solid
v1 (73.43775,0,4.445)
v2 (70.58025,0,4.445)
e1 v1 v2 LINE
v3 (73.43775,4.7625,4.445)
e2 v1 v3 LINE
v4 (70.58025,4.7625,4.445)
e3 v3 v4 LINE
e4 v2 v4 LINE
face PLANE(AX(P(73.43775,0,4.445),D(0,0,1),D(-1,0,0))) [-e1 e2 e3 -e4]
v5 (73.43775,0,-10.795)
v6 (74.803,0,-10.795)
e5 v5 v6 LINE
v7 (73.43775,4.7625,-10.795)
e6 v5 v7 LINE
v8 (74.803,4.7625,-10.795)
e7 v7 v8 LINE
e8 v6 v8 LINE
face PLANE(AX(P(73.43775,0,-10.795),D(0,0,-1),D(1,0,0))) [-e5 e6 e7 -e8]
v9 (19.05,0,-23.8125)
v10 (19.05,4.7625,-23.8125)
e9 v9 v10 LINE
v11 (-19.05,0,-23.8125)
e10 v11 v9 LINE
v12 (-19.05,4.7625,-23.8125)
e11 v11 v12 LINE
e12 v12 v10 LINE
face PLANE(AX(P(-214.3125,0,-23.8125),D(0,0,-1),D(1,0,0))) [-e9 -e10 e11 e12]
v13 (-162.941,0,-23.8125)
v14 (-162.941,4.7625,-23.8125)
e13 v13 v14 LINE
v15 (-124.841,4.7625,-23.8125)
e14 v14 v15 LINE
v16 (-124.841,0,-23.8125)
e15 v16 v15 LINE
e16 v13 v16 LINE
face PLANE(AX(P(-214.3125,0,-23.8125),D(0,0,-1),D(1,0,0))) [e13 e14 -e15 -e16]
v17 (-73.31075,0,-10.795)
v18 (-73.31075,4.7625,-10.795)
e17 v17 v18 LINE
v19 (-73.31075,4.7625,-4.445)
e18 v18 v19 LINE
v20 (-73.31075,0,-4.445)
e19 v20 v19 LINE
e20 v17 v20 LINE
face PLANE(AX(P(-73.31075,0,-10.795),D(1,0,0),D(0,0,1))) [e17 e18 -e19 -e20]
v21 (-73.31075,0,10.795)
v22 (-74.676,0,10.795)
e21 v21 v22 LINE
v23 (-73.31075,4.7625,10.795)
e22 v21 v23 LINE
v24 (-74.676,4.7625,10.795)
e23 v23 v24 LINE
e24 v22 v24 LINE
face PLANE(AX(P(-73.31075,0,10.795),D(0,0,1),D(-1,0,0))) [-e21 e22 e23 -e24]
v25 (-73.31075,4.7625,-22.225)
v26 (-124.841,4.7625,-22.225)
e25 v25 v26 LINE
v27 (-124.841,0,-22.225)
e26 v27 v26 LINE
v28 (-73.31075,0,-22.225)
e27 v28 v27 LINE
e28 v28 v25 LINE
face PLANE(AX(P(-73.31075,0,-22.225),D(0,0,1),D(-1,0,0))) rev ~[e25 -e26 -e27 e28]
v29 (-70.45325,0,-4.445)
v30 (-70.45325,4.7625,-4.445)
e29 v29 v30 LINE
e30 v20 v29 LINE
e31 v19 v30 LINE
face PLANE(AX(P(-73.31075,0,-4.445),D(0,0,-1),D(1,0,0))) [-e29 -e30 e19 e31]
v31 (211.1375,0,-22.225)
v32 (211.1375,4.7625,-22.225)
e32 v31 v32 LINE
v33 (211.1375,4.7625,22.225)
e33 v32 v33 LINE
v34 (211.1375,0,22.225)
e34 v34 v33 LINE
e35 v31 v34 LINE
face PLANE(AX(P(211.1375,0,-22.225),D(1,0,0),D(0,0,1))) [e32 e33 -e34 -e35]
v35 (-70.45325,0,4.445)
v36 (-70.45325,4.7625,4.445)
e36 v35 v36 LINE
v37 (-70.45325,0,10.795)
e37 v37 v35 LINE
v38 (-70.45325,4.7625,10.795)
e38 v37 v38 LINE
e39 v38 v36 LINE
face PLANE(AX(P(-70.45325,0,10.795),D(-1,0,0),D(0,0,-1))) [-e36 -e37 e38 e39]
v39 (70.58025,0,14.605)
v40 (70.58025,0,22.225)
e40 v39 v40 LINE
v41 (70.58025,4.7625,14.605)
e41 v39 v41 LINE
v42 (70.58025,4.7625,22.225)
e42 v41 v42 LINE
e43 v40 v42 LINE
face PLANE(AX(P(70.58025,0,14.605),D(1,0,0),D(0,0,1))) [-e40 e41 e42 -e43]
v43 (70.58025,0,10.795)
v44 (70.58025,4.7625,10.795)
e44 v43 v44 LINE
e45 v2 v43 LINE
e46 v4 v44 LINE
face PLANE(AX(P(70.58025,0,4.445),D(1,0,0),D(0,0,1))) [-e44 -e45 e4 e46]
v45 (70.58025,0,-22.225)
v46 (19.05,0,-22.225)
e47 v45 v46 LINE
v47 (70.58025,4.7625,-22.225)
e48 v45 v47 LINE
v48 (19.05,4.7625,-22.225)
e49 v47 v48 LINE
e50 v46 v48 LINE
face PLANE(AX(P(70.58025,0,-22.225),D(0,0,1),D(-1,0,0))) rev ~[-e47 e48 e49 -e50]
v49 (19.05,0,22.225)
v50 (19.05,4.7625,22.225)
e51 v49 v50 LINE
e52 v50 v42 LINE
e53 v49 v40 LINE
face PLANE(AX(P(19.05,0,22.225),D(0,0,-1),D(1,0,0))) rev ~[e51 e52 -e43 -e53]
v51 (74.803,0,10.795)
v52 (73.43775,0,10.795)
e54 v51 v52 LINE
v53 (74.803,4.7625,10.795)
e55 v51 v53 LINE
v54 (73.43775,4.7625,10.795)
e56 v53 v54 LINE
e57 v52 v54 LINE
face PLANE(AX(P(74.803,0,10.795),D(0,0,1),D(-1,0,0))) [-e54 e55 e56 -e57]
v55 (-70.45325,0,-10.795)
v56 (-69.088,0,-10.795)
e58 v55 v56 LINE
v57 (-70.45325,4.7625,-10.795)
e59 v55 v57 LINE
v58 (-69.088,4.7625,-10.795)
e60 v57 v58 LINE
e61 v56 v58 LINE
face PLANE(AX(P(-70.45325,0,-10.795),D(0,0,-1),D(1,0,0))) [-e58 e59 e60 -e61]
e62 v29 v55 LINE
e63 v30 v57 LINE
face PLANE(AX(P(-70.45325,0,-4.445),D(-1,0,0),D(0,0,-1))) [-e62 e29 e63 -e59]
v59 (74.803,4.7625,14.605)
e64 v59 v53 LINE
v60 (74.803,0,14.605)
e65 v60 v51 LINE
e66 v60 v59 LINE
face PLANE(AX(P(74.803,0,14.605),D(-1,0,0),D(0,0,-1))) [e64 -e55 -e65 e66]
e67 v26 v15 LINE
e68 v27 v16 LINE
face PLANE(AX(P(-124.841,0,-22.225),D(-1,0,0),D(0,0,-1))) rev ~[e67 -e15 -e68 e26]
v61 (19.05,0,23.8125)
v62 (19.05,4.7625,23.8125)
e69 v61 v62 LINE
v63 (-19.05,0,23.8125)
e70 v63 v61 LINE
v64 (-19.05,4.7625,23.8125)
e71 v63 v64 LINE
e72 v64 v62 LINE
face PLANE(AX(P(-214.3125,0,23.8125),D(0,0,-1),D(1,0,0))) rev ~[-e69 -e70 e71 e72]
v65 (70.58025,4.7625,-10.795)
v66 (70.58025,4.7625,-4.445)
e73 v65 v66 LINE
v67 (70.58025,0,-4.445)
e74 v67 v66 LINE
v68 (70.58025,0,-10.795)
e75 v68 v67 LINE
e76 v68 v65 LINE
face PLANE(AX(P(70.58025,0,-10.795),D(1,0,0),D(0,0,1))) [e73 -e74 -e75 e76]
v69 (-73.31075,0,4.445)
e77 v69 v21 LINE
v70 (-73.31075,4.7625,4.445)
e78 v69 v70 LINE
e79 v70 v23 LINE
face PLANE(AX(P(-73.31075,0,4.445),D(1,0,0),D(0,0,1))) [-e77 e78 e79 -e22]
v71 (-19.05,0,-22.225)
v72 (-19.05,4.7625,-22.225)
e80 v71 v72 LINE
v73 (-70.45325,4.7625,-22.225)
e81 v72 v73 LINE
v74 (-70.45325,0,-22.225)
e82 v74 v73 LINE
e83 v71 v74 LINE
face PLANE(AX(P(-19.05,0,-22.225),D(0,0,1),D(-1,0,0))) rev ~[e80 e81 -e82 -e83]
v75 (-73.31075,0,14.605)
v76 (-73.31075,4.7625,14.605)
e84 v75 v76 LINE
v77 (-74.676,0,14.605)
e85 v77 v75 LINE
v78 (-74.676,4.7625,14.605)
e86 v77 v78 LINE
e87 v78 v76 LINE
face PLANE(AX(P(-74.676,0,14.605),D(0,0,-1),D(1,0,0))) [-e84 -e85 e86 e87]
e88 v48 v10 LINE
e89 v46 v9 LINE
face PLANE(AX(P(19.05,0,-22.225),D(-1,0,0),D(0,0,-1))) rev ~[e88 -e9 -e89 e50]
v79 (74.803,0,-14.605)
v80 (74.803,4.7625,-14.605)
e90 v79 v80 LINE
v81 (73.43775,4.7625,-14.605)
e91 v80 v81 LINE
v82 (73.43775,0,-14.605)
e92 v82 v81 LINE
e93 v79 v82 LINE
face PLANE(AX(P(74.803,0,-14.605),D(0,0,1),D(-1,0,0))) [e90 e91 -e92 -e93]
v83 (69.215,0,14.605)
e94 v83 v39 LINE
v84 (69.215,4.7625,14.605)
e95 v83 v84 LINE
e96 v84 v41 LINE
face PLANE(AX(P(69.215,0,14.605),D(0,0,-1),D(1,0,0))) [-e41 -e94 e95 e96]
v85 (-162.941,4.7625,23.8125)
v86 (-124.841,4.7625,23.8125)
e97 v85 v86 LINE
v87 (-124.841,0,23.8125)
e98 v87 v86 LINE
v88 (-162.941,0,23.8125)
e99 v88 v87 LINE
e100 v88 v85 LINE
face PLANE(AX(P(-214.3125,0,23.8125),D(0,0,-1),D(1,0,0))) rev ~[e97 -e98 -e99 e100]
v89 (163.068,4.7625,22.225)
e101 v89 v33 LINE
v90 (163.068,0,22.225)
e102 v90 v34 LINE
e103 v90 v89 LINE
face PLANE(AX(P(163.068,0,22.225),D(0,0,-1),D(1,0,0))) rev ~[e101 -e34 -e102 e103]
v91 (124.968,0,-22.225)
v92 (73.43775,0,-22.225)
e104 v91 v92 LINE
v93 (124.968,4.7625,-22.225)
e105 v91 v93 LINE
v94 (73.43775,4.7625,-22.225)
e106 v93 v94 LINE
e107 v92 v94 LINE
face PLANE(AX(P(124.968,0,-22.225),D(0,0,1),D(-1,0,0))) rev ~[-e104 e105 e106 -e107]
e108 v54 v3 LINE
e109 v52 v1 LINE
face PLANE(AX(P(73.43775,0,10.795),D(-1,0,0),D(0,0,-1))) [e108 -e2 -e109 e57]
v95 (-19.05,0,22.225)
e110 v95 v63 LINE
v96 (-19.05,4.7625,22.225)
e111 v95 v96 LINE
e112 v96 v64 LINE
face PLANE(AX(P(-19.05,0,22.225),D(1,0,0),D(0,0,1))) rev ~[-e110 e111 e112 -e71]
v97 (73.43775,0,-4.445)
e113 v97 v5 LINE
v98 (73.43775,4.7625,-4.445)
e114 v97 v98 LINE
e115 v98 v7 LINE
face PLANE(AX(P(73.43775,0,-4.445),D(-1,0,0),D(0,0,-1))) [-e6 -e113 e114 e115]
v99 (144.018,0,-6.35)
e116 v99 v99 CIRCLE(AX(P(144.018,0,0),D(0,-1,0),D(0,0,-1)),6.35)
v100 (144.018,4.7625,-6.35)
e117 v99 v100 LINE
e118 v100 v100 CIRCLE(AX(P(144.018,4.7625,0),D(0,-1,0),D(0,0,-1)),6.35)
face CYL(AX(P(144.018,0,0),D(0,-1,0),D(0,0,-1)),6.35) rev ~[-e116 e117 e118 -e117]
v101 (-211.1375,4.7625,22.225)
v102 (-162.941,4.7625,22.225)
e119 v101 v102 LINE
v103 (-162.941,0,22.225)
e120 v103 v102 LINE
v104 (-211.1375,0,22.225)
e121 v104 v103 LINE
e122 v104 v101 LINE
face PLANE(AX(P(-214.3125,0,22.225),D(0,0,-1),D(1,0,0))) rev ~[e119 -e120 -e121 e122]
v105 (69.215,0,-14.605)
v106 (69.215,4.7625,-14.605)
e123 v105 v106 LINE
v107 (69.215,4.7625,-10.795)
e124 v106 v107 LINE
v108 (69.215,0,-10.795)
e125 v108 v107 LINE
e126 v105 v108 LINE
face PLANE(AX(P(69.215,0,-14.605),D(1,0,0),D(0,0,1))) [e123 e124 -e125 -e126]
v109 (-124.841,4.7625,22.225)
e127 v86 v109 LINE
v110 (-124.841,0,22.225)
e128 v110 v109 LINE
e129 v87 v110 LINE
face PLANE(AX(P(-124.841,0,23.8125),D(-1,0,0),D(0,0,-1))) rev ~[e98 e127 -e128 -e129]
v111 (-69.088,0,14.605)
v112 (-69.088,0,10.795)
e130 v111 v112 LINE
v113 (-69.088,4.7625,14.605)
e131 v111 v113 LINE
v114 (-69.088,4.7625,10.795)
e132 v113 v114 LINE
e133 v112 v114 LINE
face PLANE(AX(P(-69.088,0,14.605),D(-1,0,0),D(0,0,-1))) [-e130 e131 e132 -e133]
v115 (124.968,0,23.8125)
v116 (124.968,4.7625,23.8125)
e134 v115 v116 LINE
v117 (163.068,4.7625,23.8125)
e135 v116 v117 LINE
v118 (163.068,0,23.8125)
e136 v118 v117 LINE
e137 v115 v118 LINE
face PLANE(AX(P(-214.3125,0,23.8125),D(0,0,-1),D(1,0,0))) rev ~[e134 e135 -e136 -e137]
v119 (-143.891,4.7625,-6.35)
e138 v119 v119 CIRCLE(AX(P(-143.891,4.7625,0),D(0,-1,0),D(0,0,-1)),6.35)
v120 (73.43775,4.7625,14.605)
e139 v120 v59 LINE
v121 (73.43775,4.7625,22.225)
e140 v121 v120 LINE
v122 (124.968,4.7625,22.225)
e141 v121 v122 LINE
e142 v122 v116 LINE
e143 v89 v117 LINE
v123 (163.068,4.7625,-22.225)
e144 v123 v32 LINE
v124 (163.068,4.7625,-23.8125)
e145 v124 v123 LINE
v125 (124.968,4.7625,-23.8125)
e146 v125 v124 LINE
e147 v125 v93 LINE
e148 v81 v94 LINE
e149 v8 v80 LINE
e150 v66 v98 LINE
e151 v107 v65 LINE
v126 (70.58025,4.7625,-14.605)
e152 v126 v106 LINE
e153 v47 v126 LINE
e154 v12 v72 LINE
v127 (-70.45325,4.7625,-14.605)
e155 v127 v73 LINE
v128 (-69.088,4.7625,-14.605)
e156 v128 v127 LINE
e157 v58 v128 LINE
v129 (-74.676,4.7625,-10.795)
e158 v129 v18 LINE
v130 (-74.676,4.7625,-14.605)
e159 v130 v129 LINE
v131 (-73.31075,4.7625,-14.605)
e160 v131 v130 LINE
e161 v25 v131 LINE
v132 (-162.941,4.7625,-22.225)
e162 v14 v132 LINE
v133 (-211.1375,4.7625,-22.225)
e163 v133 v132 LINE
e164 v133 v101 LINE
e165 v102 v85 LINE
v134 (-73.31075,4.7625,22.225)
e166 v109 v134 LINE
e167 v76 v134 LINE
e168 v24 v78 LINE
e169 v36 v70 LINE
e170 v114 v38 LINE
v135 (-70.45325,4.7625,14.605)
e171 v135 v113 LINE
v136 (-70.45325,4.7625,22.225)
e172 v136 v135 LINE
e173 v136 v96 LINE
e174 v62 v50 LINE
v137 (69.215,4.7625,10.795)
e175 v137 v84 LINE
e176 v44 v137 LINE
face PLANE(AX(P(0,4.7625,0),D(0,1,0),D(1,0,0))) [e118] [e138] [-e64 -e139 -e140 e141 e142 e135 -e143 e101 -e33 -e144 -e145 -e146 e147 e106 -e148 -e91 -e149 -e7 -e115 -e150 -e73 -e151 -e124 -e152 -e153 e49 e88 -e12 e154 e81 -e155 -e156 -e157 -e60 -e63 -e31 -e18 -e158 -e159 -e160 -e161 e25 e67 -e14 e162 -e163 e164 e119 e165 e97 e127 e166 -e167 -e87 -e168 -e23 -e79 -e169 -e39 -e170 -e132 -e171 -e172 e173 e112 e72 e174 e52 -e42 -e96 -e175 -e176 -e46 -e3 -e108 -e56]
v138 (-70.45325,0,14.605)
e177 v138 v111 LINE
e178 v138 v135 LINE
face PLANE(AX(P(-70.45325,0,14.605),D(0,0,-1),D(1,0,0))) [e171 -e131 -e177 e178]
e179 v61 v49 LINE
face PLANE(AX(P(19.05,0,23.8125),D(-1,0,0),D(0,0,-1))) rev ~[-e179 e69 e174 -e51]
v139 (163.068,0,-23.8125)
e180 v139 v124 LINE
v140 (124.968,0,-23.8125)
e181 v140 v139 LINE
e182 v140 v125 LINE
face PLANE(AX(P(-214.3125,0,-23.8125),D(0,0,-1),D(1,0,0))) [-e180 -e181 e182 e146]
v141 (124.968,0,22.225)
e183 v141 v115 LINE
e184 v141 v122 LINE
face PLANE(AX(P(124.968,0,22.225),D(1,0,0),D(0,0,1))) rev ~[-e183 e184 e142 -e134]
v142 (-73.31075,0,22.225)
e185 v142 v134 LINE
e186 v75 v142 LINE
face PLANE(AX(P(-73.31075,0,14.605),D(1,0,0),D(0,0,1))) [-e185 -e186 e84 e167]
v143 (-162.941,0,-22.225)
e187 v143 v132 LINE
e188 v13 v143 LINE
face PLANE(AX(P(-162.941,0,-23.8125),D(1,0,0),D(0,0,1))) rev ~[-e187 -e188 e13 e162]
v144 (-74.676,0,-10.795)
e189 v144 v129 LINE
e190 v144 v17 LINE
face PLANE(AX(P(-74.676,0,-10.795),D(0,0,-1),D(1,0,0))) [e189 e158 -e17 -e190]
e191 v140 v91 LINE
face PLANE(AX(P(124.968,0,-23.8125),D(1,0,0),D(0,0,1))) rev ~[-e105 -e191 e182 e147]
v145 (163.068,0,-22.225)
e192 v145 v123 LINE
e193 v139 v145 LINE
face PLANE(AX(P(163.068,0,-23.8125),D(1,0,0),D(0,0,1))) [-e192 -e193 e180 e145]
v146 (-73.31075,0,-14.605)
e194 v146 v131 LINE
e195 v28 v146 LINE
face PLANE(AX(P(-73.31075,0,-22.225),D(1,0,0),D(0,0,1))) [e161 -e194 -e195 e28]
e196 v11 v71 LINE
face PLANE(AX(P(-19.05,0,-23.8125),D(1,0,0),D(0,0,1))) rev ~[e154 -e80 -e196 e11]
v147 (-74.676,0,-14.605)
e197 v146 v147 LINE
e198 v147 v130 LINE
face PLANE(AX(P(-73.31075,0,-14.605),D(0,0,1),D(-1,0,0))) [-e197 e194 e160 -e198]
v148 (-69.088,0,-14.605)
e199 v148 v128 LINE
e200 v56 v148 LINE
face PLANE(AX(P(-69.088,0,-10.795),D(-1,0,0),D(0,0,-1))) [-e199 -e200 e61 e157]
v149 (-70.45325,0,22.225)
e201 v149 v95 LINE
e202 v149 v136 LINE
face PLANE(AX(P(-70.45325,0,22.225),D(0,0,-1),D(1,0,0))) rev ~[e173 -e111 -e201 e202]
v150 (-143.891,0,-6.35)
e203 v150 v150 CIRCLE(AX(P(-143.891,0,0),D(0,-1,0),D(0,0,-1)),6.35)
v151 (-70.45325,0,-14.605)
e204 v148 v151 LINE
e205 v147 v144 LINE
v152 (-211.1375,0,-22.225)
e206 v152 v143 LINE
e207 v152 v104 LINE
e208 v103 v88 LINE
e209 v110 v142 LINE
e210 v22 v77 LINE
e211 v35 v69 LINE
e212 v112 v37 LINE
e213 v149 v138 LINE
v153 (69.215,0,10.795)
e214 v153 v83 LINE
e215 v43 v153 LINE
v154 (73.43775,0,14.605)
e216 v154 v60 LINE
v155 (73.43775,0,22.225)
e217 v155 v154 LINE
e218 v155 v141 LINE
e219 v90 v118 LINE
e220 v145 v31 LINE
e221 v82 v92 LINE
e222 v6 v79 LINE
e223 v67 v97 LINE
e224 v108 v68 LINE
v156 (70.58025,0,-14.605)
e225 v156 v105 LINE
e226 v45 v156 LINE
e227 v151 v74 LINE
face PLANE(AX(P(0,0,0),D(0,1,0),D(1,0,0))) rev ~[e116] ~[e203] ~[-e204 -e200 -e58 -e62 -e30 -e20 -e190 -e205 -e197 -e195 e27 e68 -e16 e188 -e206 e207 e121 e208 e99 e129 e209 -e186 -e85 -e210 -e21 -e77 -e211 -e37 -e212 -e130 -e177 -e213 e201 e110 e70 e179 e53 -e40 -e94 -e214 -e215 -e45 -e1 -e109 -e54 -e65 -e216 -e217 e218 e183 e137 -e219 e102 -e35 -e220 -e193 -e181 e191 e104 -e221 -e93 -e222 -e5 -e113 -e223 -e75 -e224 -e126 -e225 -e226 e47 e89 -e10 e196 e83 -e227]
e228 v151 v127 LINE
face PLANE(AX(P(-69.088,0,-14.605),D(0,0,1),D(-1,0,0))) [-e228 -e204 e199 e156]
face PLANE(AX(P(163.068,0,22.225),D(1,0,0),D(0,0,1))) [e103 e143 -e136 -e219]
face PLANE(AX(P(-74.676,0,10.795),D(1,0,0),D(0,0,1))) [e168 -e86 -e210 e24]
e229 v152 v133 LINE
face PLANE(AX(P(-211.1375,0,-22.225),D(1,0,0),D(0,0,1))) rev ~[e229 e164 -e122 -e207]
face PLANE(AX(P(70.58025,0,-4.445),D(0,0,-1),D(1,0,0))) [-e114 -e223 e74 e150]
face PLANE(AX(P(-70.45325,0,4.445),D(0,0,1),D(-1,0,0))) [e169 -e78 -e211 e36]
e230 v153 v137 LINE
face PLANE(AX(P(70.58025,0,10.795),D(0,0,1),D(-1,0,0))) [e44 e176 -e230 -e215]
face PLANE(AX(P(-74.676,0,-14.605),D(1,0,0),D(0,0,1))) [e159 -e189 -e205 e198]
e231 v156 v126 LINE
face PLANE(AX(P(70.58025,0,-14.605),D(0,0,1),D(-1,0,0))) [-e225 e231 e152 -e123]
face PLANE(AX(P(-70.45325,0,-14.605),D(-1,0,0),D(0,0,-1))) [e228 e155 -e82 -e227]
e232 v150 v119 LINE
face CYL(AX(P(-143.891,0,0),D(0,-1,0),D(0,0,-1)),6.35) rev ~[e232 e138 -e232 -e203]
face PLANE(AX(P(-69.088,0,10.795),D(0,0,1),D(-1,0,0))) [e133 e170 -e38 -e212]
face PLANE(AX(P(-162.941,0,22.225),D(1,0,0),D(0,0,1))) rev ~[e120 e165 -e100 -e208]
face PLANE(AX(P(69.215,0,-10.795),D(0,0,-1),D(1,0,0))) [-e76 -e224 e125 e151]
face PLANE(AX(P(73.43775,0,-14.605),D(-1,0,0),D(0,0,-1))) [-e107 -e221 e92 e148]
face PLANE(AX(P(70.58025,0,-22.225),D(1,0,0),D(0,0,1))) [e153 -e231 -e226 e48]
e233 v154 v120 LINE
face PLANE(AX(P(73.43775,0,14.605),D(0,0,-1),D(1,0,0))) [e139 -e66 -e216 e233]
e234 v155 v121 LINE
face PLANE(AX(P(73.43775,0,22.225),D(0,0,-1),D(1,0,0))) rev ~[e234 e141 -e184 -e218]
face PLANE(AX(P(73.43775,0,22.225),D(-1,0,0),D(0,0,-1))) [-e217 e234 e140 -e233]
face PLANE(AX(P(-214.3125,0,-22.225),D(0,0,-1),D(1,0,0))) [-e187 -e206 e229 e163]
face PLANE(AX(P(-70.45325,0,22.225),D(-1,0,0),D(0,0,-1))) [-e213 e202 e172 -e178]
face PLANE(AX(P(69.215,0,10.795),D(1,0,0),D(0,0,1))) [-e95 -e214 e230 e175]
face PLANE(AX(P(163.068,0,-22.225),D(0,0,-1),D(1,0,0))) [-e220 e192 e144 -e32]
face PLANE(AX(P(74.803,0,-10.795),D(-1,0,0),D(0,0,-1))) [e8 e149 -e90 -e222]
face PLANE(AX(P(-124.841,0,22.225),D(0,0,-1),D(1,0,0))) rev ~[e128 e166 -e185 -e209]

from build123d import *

# Parameters (mm, degrees)
SKETCH1_W           = 428.625
SKETCH1_H           = 47.625
BOSS_EXTRUDE1_DEPTH = 4.7625
SKETCH2_W           = 51.2445
SKETCH2_H           = 1.5875
SKETCH2_W_2         = 51.3715
CUT_EXTRUDE4_DEPTH  = 4.7625
SKETCH4_W           = 3.175
SKETCH4_H           = 44.45
CUT_EXTRUDE5_DEPTH  = 4.7625
SKETCH3_R           = 6.35
CUT_EXTRUDE6_DEPTH  = 4.7625


with BuildPart() as part:
    # Sketch1 → Boss-Extrude1 (new body)
    with BuildSketch(Plane(origin=(0, 0, 0), x_dir=(1, 0, 0), z_dir=(0, 1, 0))):
        Rectangle(SKETCH1_W, SKETCH1_H)
    extrude(amount=BOSS_EXTRUDE1_DEPTH)

    # Sketch2 → Cut-Extrude4 (cut)
    with BuildSketch(Plane.XZ):
        Polygon((-124.841, -22.225), (-124.841, -23.8125), (-19.05, -23.8125), (-19.05, -22.225), (-70.45325, -22.225), (-73.31075, -22.225), align=None)
        with Locations((188.69025, 23.01875)):
            Rectangle(SKETCH2_W, SKETCH2_H)
        Polygon((19.05, 23.8125), (19.05, 22.225), (70.58025, 22.225), (73.43775, 22.225), (124.968, 22.225), (124.968, 23.8125), align=None)
        Polygon((-124.841, 22.225), (-73.31075, 22.225), (-70.45325, 22.225), (-19.05, 22.225), (-19.05, 23.8125), (-124.841, 23.8125), align=None)
        Polygon((19.05, -22.225), (19.05, -23.8125), (124.968, -23.8125), (124.968, -22.225), (73.43775, -22.225), (70.58025, -22.225), align=None)
        with Locations((188.69025, -23.01875)):
            Rectangle(SKETCH2_W, SKETCH2_H)
        with Locations((-188.62675, 23.01875)):
            Rectangle(SKETCH2_W_2, SKETCH2_H)
        with Locations((-188.62675, -23.01875)):
            Rectangle(SKETCH2_W_2, SKETCH2_H)
        Polygon((-70.45325, -4.445), (-70.45325, -10.795), (-69.088, -10.795), (-69.088, -14.605), (-70.45325, -14.605), (-70.45325, -22.225), (-73.31075, -22.225), (-73.31075, -14.605), (-74.676, -14.605), (-74.676, -10.795), (-73.31075, -10.795), (-73.31075, -4.445), align=None)
        Polygon((-70.45325, 4.445), (-73.31075, 4.445), (-73.31075, 10.795), (-74.676, 10.795), (-74.676, 14.605), (-73.31075, 14.605), (-73.31075, 22.225), (-70.45325, 22.225), (-70.45325, 14.605), (-69.088, 14.605), (-69.088, 10.795), (-70.45325, 10.795), align=None)
        Polygon((73.43775, 4.445), (70.58025, 4.445), (70.58025, 10.795), (69.215, 10.795), (69.215, 14.605), (70.58025, 14.605), (70.58025, 22.225), (73.43775, 22.225), (73.43775, 14.605), (74.803, 14.605), (74.803, 10.795), (73.43775, 10.795), align=None)
        Polygon((73.43775, -4.445), (73.43775, -10.795), (74.803, -10.795), (74.803, -14.605), (73.43775, -14.605), (73.43775, -22.225), (70.58025, -22.225), (70.58025, -14.605), (69.215, -14.605), (69.215, -10.795), (70.58025, -10.795), (70.58025, -4.445), align=None)
    extrude(amount=-CUT_EXTRUDE4_DEPTH, mode=Mode.SUBTRACT)

    # Sketch4 → Cut-Extrude5 (cut)
    with BuildSketch(Plane.XZ):
        with Locations((-212.725, 0)):
            Rectangle(SKETCH4_W, SKETCH4_H)
        with Locations((212.725, 0)):
            Rectangle(SKETCH4_W, SKETCH4_H)
    extrude(amount=-CUT_EXTRUDE5_DEPTH, mode=Mode.SUBTRACT)

    # Sketch3 → Cut-Extrude6 (cut)
    with BuildSketch(Plane.XZ):
        with Locations(Location((-143.891, 0, 0), (0, 0, 270))):
            Circle(SKETCH3_R)
        with Locations(Location((144.018, 0, 0), (0, 0, 270))):
            Circle(SKETCH3_R)
    extrude(amount=-CUT_EXTRUDE6_DEPTH, mode=Mode.SUBTRACT)


solid = part.part
